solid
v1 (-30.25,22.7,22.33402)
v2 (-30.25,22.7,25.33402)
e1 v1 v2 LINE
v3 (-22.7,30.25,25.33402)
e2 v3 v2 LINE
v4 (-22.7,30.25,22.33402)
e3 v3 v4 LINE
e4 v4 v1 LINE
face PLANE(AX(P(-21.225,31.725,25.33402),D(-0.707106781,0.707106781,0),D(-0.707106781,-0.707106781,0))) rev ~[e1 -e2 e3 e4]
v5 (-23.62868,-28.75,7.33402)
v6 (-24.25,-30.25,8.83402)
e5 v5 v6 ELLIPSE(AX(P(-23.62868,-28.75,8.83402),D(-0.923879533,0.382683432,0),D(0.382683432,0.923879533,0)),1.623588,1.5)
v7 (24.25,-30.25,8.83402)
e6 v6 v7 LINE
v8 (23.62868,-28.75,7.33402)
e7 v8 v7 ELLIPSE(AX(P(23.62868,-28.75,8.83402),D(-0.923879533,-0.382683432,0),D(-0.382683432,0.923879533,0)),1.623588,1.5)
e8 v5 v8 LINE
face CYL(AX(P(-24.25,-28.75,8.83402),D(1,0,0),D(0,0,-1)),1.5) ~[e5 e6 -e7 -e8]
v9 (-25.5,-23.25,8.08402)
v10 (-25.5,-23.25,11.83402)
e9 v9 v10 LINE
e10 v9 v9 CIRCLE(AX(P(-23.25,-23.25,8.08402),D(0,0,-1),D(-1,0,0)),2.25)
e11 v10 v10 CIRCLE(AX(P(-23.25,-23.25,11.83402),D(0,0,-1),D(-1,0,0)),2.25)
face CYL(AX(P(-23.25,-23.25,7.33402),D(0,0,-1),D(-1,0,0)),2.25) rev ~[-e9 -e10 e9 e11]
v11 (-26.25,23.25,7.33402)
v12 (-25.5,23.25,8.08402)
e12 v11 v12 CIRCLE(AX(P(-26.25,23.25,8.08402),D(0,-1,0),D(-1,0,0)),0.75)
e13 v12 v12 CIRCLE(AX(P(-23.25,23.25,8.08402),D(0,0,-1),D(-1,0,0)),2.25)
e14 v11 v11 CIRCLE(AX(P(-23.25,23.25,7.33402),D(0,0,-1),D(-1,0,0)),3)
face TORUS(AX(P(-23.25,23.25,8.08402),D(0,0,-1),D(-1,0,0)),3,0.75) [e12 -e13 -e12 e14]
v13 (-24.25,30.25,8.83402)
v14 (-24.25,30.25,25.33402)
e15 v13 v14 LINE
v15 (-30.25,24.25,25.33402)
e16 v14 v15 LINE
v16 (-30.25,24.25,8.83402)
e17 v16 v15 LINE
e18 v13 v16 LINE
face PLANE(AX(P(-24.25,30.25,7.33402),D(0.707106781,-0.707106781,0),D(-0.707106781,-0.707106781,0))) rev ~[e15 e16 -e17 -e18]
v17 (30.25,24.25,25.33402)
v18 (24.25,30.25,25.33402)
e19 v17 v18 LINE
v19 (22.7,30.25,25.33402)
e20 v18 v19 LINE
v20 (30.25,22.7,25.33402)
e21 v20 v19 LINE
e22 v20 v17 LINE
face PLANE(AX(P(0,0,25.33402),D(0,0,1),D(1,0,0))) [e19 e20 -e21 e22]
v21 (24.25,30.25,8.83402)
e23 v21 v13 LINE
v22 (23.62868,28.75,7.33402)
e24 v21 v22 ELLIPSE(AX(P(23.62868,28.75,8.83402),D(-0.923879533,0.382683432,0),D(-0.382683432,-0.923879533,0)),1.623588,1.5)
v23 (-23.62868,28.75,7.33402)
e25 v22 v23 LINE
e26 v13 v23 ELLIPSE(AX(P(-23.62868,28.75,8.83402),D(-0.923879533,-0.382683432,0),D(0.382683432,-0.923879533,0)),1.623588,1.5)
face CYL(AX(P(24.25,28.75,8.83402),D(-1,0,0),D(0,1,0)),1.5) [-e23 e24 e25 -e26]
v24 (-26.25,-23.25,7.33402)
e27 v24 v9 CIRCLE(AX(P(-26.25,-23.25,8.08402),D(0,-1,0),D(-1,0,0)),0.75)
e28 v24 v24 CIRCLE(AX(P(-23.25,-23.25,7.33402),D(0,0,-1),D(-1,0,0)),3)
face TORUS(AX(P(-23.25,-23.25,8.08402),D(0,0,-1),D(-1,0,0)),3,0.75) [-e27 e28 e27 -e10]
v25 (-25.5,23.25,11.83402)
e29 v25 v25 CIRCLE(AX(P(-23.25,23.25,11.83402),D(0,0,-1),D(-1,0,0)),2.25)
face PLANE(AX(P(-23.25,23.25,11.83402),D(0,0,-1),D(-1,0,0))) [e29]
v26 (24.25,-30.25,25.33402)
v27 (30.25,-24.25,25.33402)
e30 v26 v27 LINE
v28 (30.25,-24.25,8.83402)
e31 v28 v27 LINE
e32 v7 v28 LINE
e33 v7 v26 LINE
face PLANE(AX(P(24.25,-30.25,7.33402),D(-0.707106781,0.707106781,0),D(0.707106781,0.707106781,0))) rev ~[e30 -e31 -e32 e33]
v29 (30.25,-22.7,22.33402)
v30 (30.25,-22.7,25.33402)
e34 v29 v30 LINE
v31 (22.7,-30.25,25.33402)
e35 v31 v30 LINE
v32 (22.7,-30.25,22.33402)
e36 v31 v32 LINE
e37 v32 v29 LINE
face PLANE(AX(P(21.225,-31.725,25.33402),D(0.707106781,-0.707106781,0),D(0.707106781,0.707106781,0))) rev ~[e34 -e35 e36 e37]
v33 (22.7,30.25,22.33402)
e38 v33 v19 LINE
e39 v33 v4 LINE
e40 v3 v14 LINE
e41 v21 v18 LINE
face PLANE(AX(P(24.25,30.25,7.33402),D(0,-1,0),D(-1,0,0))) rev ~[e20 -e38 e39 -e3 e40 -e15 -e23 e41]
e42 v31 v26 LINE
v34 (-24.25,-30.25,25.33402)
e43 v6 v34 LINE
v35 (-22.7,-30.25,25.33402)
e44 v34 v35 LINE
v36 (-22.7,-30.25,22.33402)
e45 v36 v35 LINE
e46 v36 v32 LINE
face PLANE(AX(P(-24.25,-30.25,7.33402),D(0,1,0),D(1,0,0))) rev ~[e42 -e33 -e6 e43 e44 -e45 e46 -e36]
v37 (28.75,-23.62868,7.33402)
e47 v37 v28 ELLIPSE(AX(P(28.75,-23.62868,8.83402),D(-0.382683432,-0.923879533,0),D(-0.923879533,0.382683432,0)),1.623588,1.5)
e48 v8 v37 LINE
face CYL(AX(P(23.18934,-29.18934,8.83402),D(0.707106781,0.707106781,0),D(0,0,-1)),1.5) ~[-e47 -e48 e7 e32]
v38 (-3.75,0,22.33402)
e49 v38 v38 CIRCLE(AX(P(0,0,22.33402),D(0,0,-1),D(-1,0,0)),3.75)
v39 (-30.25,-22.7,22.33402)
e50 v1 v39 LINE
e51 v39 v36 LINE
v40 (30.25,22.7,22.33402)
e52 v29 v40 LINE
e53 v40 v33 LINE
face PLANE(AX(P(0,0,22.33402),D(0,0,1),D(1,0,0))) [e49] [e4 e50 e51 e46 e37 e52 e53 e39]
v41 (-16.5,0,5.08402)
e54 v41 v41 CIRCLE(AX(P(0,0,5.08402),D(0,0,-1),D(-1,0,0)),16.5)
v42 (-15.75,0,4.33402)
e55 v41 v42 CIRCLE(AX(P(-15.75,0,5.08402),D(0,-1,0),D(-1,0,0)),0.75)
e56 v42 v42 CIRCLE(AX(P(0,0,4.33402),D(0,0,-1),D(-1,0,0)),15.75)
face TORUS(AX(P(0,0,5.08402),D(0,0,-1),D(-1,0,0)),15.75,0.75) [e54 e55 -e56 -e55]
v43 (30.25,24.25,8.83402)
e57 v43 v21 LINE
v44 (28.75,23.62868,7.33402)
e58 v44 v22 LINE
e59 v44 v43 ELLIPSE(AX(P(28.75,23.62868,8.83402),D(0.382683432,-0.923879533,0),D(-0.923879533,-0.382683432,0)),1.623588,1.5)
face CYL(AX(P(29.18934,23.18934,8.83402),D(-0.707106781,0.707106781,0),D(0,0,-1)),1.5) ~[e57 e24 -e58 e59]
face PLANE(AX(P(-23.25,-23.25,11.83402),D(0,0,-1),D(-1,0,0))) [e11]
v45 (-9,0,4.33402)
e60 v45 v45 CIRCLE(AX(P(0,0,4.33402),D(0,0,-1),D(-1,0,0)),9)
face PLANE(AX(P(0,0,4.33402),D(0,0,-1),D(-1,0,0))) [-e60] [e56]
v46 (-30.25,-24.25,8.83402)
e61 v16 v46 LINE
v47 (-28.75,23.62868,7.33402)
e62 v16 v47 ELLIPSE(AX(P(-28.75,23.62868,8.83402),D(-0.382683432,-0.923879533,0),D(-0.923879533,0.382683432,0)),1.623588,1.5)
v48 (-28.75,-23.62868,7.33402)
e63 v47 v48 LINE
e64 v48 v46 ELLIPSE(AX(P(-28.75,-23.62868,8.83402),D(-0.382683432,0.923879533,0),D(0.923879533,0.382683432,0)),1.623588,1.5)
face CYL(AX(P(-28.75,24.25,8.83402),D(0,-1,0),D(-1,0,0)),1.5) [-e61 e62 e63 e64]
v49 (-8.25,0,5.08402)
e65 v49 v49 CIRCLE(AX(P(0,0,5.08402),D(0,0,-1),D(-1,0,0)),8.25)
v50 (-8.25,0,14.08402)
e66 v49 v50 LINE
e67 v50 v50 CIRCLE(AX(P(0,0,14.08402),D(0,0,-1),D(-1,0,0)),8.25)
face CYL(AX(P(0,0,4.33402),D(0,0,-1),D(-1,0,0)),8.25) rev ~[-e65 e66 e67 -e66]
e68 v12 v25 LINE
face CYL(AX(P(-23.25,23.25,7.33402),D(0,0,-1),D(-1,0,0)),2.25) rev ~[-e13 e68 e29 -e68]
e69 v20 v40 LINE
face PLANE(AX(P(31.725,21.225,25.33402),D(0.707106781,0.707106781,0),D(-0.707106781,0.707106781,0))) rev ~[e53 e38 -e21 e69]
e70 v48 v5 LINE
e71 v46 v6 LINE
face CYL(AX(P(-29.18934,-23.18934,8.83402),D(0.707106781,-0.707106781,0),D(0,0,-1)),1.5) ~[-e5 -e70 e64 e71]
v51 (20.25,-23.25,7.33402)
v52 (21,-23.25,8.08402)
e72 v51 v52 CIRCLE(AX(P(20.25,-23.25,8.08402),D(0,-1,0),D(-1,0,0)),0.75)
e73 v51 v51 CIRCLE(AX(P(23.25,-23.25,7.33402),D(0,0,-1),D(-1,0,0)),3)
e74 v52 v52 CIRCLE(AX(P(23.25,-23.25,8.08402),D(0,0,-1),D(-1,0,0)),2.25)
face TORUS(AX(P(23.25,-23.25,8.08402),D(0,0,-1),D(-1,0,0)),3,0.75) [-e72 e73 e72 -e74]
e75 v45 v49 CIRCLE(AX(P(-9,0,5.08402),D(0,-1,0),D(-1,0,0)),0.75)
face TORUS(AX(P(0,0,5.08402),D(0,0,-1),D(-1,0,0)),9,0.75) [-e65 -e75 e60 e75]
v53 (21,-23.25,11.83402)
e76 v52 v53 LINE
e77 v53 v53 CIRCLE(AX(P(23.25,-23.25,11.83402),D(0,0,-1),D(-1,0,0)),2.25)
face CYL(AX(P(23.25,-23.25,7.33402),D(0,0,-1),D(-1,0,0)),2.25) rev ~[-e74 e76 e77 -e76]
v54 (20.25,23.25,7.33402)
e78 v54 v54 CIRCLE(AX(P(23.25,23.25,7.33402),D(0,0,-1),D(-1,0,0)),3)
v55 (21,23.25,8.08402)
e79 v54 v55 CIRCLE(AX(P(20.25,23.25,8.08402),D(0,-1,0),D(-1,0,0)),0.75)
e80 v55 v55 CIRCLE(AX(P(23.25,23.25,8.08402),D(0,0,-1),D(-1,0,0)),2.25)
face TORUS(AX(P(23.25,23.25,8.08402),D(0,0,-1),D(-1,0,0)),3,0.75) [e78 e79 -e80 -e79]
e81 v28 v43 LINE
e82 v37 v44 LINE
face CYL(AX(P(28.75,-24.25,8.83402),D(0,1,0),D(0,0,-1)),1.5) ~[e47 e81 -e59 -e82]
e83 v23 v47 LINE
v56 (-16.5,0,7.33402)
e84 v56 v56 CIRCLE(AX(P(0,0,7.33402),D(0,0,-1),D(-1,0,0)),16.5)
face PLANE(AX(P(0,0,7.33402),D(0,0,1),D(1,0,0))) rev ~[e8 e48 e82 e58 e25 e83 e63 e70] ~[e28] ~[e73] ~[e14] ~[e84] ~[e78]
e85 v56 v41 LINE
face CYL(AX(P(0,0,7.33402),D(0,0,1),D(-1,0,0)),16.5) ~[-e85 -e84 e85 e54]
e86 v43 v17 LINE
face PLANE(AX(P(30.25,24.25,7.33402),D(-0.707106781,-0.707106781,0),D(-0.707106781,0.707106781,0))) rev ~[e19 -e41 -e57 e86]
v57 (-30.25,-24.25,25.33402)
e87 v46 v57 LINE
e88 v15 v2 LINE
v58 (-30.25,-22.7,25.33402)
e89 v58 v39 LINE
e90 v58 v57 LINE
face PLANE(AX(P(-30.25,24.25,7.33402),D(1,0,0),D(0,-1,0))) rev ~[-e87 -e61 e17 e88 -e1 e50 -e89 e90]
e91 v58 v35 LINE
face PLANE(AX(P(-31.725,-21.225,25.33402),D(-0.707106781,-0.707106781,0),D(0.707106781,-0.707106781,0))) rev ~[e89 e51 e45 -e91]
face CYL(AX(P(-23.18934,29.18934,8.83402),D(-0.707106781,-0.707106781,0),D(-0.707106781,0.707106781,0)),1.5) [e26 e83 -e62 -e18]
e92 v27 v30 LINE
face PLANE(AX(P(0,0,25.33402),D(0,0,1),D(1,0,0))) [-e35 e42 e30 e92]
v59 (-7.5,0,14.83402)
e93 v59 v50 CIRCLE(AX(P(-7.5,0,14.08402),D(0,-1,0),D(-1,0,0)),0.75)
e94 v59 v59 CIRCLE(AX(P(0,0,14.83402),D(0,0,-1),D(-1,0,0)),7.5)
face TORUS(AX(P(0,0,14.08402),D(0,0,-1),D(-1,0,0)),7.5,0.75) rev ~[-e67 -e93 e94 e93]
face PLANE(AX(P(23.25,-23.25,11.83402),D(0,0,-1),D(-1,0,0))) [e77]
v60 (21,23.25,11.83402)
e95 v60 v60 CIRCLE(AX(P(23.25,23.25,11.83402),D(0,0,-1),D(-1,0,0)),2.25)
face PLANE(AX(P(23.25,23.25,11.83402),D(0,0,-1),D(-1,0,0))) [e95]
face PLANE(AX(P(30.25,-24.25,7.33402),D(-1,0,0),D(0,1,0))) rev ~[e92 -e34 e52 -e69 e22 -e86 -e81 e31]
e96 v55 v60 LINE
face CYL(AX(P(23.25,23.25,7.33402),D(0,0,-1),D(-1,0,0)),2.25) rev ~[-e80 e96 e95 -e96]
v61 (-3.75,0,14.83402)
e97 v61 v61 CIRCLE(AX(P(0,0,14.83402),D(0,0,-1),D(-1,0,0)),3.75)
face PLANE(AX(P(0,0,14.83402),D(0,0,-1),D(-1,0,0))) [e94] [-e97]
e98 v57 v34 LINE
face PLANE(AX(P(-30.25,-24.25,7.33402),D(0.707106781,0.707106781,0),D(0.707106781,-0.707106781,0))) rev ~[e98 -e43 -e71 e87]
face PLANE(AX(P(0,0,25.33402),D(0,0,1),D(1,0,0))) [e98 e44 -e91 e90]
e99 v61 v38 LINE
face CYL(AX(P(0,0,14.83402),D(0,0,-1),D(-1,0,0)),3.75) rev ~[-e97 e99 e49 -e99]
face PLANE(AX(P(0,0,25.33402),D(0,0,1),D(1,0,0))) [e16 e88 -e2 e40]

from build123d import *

# Parameters (mm, degrees)
BOSS_EXTRUDE1_DEPTH = 36
CUT_EXTRUDE1_DEPTH  = 6
SKETCH3_R           = 33
BOSS_EXTRUDE2_DEPTH = 6
SKETCH4_R           = 16.5
CUT_EXTRUDE2_DEPTH  = 21
SKETCH5_R           = 7.5
CUT_EXTRUDE3_DEPTH  = 89.099375707
FILLET1_R           = 3
FILLET2_R           = 1.5
SKETCH6_R           = 4.5
CUT_EXTRUDE4_DEPTH  = 9
FILLET3_R           = 1.5
ESCALA2_SCALE       = 0.5


with BuildPart() as part:
    # Sketch1 → Boss-Extrude1 (new body)
    with BuildSketch(Plane.XY):
        Polygon((-48.5, 60.5), (-60.5, 48.5), (-60.5, -48.5), (-48.5, -60.5), (48.5, -60.5), (60.5, -48.5), (60.5, 48.5), (48.5, 60.5), align=None)
    extrude(amount=BOSS_EXTRUDE1_DEPTH)

    # Sketch2 → Cut-Extrude1 (cut)
    with BuildSketch(Plane.XY.offset(36)):
        Polygon((-42.45, 63.45), (-63.45, 42.45), (-63.45, -42.45), (-42.45, -63.45), (42.45, -63.45), (63.45, -42.45), (63.45, 42.45), (42.45, 63.45), align=None)
    extrude(amount=-CUT_EXTRUDE1_DEPTH, mode=Mode.SUBTRACT)

    # Sketch3 → Boss-Extrude2 (add)
    with BuildSketch(Plane(origin=(0, 0, 0), x_dir=(-1, 0, 0), z_dir=(0, 0, -1))):
        Circle(SKETCH3_R)
    extrude(amount=BOSS_EXTRUDE2_DEPTH)

    # Sketch4 → Cut-Extrude2 (cut)
    with BuildSketch(Plane(origin=(0, 0, -6), x_dir=(-1, 0, 0), z_dir=(0, 0, -1))):
        Circle(SKETCH4_R)
    extrude(amount=-CUT_EXTRUDE2_DEPTH, mode=Mode.SUBTRACT)

    # Sketch5 → Cut-Extrude3 (cut, through all)
    with BuildSketch(Plane(origin=(0, 0, 15), x_dir=(-1, 0, 0), z_dir=(0, 0, -1))):
        Circle(SKETCH5_R)
    extrude(amount=-CUT_EXTRUDE3_DEPTH, mode=Mode.SUBTRACT)

    # Fillet1
    fillet1_edges = [part.edges().sort_by_distance(p)[0] for p in [
        (-54.5, 54.5, 0),
        (0, 60.5, 0),
        (54.5, 54.5, 0),
        (60.5, 0, 0),
        (54.5, -54.5, 0),
        (0, -60.5, 0),
        (-54.5, -54.5, 0),
        (-60.5, 0, 0),
    ]]
    fillet(fillet1_edges, radius=FILLET1_R)

    # Fillet2
    fillet2_edges = [part.edges().sort_by_distance(p)[0] for p in [
        (33, 0, -6),
        (16.5, 0, 15),
        (16.5, 0, -6),
    ]]
    fillet(fillet2_edges, radius=FILLET2_R)

    # Sketch6 → Cut-Extrude4 (cut)
    with BuildSketch(Plane(origin=(0, 0, 0), x_dir=(-1, 0, 0), z_dir=(0, 0, -1))):
        with Locations((-46.5, 46.5)):
            Circle(SKETCH6_R)
        with Locations((46.5, 46.5)):
            Circle(SKETCH6_R)
        with Locations((46.5, -46.5)):
            Circle(SKETCH6_R)
        with Locations((-46.5, -46.5)):
            Circle(SKETCH6_R)
    extrude(amount=-CUT_EXTRUDE4_DEPTH, mode=Mode.SUBTRACT)

    # Fillet3
    fillet3_edges = [part.edges().sort_by_distance(p)[0] for p in [
        (51, -46.5, 0),
        (-42, -46.5, 0),
        (-42, 46.5, 0),
        (51, 46.5, 0),
    ]]
    fillet(fillet3_edges, radius=FILLET3_R)


with BuildPart() as part_1:
    # Escala2: scaled about (0, 0, 14.668039621)
    add(part.part.scale(ESCALA2_SCALE).moved(Location((0, 0, 7.334019811))))


solid = part_1.part
